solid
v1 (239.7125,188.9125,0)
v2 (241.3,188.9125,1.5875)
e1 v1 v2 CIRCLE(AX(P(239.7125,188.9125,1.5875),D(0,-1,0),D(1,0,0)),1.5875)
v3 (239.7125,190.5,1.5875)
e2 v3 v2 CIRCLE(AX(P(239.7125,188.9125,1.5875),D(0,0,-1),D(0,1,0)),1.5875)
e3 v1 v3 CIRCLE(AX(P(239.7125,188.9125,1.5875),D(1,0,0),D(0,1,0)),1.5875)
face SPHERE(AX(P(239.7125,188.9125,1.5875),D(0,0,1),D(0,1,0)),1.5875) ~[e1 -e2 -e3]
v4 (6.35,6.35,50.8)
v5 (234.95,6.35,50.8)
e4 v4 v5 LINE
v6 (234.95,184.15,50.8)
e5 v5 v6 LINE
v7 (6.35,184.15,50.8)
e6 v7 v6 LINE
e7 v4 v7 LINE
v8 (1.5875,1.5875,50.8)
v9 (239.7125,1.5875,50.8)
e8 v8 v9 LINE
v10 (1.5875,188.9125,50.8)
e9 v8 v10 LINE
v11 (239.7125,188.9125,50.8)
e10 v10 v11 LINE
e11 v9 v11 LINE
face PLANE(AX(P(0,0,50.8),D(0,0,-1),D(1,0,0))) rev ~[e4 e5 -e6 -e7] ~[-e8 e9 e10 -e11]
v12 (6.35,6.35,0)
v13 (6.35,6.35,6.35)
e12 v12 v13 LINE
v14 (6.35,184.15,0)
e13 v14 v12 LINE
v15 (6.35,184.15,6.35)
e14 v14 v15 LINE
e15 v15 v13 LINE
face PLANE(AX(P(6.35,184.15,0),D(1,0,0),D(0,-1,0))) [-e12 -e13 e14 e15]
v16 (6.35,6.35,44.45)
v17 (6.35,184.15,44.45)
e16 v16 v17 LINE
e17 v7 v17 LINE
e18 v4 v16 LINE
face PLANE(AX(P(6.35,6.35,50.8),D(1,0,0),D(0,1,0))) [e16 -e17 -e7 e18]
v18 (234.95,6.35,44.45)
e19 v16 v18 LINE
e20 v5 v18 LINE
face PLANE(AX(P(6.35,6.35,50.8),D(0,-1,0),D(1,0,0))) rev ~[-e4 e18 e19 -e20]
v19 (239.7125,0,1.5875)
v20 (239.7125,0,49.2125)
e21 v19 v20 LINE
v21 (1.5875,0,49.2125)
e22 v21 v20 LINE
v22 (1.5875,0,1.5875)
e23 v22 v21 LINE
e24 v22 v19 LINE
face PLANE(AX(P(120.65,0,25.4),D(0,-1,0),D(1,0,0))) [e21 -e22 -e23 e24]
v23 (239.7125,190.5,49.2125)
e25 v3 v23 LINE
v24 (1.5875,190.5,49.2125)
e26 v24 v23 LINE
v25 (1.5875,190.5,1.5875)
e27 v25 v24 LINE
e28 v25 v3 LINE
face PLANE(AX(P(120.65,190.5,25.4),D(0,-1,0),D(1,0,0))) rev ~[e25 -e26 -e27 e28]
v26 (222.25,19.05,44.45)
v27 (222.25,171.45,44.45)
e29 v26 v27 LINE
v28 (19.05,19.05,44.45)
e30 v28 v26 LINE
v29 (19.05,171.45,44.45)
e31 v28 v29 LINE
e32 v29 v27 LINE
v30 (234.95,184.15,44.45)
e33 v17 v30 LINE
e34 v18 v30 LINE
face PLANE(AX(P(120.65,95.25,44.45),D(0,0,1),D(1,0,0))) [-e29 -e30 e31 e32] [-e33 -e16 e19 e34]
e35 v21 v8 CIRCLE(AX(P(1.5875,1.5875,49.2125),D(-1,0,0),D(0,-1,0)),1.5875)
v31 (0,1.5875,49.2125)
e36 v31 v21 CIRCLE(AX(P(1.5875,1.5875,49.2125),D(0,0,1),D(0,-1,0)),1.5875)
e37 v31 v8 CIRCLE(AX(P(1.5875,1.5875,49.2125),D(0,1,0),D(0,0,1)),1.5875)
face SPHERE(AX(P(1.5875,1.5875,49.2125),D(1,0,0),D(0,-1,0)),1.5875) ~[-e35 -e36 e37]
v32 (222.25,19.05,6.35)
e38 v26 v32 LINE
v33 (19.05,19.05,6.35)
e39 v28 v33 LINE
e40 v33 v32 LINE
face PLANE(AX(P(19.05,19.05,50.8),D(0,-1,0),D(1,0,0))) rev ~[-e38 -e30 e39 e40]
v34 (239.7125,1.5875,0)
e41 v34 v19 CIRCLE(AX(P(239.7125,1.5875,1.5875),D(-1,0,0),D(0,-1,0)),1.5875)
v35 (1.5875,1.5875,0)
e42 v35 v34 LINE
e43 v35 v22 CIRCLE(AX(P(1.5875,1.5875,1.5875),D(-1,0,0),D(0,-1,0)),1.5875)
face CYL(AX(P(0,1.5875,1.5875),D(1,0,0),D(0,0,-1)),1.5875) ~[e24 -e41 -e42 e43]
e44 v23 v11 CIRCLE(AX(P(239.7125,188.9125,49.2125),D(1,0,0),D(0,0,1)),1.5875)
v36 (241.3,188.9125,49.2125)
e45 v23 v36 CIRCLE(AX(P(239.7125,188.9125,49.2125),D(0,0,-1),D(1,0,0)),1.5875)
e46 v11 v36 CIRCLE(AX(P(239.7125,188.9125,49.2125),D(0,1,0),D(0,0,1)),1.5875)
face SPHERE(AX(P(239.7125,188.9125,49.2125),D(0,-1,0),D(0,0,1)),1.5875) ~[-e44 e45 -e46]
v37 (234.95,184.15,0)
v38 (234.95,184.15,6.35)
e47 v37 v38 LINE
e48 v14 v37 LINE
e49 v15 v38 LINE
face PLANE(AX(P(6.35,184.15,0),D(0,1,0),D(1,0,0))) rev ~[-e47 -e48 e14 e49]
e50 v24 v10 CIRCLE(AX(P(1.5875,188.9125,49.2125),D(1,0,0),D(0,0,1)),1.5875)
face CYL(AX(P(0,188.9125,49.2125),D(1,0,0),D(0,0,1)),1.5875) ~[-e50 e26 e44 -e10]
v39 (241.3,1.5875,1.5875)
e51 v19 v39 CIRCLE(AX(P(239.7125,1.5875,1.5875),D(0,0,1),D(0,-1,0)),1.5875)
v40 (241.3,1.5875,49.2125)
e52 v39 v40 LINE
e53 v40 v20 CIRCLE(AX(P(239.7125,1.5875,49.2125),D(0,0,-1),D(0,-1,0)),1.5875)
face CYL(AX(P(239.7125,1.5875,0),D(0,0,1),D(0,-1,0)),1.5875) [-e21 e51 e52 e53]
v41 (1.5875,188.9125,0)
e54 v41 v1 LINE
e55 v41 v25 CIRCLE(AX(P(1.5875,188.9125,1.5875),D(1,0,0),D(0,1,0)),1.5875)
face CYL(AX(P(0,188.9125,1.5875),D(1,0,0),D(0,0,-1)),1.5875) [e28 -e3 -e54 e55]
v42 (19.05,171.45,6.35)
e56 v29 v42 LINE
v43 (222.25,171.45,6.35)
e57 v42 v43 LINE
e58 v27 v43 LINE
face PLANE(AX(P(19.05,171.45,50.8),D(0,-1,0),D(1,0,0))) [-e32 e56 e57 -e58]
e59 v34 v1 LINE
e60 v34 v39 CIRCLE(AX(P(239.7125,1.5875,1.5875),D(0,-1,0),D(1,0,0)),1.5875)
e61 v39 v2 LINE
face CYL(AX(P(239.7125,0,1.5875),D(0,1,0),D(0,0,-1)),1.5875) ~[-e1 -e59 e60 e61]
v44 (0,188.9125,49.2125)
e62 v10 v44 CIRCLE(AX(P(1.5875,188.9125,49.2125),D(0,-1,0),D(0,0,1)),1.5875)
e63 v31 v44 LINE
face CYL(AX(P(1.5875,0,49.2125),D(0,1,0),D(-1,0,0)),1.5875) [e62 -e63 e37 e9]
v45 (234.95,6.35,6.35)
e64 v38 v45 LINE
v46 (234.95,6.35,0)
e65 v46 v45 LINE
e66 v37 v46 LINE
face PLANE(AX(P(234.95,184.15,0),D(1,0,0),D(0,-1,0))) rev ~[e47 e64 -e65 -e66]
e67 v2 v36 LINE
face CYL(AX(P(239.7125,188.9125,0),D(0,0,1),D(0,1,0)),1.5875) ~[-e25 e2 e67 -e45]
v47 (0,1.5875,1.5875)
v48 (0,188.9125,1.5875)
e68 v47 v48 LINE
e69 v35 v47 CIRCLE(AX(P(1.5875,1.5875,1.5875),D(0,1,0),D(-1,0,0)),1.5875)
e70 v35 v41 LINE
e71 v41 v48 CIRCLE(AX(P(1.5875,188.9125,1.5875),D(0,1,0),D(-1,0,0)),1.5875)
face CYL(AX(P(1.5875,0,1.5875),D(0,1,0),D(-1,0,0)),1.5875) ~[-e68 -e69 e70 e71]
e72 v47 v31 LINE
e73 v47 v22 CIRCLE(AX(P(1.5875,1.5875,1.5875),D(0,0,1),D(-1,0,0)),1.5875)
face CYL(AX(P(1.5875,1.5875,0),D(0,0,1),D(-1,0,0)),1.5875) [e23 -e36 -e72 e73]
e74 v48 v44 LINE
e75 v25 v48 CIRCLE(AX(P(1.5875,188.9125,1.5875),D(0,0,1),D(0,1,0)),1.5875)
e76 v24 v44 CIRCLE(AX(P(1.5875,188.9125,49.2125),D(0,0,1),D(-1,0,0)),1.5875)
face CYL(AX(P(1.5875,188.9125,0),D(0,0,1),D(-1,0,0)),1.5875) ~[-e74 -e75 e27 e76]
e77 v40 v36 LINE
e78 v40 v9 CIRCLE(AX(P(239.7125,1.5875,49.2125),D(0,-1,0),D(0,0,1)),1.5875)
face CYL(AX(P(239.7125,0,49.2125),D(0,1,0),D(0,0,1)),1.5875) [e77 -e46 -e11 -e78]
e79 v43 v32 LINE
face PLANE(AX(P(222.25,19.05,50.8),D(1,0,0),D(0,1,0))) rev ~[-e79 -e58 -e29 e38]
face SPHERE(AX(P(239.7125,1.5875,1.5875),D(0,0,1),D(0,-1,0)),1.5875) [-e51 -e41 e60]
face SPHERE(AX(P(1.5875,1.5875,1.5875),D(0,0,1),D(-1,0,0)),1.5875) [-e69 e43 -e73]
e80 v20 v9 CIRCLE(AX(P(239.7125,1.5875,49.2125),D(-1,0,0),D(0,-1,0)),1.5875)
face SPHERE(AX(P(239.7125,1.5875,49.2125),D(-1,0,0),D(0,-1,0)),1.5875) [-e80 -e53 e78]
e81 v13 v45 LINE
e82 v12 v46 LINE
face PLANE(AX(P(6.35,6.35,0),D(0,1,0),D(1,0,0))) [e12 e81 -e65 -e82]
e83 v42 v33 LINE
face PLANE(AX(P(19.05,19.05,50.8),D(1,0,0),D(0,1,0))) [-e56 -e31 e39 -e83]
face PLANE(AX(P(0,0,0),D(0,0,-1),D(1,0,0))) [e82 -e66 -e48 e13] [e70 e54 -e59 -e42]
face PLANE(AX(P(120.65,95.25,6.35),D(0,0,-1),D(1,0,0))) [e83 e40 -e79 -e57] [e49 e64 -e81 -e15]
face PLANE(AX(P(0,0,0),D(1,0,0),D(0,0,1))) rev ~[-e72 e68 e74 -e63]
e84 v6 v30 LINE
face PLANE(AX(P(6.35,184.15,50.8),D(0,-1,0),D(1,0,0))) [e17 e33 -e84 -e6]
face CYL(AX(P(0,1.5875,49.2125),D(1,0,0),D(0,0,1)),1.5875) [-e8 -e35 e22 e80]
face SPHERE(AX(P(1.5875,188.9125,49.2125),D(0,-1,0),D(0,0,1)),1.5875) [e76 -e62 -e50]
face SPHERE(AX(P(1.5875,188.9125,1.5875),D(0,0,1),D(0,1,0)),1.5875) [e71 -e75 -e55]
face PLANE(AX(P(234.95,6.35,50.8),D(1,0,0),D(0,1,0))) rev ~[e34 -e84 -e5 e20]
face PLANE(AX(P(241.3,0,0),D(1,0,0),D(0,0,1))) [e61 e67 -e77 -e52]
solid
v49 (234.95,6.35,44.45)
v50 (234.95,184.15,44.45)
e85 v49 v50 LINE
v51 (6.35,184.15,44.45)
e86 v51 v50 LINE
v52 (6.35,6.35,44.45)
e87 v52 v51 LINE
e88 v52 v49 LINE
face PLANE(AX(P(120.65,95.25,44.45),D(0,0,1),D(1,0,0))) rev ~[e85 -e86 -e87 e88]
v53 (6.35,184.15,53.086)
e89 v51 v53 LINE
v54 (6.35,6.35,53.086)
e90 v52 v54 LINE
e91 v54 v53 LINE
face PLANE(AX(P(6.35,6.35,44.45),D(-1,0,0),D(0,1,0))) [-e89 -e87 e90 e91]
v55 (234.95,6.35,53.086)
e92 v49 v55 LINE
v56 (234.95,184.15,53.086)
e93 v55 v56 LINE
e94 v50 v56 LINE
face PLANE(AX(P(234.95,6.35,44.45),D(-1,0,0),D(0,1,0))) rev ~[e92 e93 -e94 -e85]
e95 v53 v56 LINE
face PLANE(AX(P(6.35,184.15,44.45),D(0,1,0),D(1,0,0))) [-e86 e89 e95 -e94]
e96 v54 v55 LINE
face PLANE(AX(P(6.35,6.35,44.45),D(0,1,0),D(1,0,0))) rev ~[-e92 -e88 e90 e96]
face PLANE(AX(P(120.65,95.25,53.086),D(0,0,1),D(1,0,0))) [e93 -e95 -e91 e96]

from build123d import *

# Parameters (mm, degrees)
F0_W      = 241.3
F0_H      = 50.8
F1_DEPTH  = 190.5
F2_W      = 203.2
F2_H      = 152.4
F3_DEPTH  = 50.8
F4_W      = 228.6
F4_H      = 177.8
F4_W_2    = 203.2
F4_H_2    = 152.4
F5_DEPTH  = 6.35
F6_W      = 228.6
F6_H      = 177.8
F6_W_2    = 203.2
F6_H_2    = 152.4
F7_DEPTH  = 6.35
F8_R      = 1.5875
F9_W      = 228.6
F9_H      = 177.8
F10_DEPTH = 8.636


with BuildPart() as f1:
    # F0 (on Front) → F1 (new body)
    with BuildSketch(Plane.XZ):
        with Locations((120.65, 25.4)):
            Rectangle(F0_W, F0_H)
    extrude(amount=-F1_DEPTH)

    # F2 (on face) → F3 (cut, through all)
    with BuildSketch(Plane.XY.offset(50.8)):
        with Locations((120.65, 95.25)):
            Rectangle(F2_W, F2_H)
    extrude(amount=-F3_DEPTH, mode=Mode.SUBTRACT)

    # F4 (on face) → F5 (cut)
    with BuildSketch(Plane.XY.offset(50.8)):
        with Locations((120.65, 95.25)):
            Rectangle(F4_W, F4_H)
        with Locations((120.65, 95.25)):
            Rectangle(F4_W_2, F4_H_2, mode=Mode.SUBTRACT)
    extrude(amount=-F5_DEPTH, mode=Mode.SUBTRACT)

    # F6 (on face) → F7 (cut)
    with BuildSketch(Plane(origin=(0, 0, 0), x_dir=(1, 0, 0), z_dir=(0, 0, -1))):
        with Locations((120.65, -95.25)):
            Rectangle(F6_W, F6_H)
        with Locations((120.65, -95.25)):
            Rectangle(F6_W_2, F6_H_2, mode=Mode.SUBTRACT)
    extrude(amount=-F7_DEPTH, mode=Mode.SUBTRACT)

    # F8
    f8_edges = [f1.edges().sort_by_distance(p)[0] for p in [
        (120.65, 0, 50.8),
        (0, 0, 25.4),
        (0, 95.25, 50.8),
        (241.3, 0, 25.4),
        (241.3, 95.25, 50.8),
        (120.65, 190.5, 50.8),
        (241.3, 190.5, 25.4),
        (0, 190.5, 25.4),
        (120.65, 190.5, 0),
        (0, 95.25, 0),
        (120.65, 0, 0),
        (241.3, 95.25, 0),
    ]]
    fillet(f8_edges, radius=F8_R)


with BuildPart() as f10:
    # F9 (on face) → F10 (new body)
    with BuildSketch(Plane.XY.offset(44.45)):
        with Locations((120.65, 95.25)):
            Rectangle(F9_W, F9_H)
    extrude(amount=F10_DEPTH)


solid = Compound([f1.part, f10.part])
